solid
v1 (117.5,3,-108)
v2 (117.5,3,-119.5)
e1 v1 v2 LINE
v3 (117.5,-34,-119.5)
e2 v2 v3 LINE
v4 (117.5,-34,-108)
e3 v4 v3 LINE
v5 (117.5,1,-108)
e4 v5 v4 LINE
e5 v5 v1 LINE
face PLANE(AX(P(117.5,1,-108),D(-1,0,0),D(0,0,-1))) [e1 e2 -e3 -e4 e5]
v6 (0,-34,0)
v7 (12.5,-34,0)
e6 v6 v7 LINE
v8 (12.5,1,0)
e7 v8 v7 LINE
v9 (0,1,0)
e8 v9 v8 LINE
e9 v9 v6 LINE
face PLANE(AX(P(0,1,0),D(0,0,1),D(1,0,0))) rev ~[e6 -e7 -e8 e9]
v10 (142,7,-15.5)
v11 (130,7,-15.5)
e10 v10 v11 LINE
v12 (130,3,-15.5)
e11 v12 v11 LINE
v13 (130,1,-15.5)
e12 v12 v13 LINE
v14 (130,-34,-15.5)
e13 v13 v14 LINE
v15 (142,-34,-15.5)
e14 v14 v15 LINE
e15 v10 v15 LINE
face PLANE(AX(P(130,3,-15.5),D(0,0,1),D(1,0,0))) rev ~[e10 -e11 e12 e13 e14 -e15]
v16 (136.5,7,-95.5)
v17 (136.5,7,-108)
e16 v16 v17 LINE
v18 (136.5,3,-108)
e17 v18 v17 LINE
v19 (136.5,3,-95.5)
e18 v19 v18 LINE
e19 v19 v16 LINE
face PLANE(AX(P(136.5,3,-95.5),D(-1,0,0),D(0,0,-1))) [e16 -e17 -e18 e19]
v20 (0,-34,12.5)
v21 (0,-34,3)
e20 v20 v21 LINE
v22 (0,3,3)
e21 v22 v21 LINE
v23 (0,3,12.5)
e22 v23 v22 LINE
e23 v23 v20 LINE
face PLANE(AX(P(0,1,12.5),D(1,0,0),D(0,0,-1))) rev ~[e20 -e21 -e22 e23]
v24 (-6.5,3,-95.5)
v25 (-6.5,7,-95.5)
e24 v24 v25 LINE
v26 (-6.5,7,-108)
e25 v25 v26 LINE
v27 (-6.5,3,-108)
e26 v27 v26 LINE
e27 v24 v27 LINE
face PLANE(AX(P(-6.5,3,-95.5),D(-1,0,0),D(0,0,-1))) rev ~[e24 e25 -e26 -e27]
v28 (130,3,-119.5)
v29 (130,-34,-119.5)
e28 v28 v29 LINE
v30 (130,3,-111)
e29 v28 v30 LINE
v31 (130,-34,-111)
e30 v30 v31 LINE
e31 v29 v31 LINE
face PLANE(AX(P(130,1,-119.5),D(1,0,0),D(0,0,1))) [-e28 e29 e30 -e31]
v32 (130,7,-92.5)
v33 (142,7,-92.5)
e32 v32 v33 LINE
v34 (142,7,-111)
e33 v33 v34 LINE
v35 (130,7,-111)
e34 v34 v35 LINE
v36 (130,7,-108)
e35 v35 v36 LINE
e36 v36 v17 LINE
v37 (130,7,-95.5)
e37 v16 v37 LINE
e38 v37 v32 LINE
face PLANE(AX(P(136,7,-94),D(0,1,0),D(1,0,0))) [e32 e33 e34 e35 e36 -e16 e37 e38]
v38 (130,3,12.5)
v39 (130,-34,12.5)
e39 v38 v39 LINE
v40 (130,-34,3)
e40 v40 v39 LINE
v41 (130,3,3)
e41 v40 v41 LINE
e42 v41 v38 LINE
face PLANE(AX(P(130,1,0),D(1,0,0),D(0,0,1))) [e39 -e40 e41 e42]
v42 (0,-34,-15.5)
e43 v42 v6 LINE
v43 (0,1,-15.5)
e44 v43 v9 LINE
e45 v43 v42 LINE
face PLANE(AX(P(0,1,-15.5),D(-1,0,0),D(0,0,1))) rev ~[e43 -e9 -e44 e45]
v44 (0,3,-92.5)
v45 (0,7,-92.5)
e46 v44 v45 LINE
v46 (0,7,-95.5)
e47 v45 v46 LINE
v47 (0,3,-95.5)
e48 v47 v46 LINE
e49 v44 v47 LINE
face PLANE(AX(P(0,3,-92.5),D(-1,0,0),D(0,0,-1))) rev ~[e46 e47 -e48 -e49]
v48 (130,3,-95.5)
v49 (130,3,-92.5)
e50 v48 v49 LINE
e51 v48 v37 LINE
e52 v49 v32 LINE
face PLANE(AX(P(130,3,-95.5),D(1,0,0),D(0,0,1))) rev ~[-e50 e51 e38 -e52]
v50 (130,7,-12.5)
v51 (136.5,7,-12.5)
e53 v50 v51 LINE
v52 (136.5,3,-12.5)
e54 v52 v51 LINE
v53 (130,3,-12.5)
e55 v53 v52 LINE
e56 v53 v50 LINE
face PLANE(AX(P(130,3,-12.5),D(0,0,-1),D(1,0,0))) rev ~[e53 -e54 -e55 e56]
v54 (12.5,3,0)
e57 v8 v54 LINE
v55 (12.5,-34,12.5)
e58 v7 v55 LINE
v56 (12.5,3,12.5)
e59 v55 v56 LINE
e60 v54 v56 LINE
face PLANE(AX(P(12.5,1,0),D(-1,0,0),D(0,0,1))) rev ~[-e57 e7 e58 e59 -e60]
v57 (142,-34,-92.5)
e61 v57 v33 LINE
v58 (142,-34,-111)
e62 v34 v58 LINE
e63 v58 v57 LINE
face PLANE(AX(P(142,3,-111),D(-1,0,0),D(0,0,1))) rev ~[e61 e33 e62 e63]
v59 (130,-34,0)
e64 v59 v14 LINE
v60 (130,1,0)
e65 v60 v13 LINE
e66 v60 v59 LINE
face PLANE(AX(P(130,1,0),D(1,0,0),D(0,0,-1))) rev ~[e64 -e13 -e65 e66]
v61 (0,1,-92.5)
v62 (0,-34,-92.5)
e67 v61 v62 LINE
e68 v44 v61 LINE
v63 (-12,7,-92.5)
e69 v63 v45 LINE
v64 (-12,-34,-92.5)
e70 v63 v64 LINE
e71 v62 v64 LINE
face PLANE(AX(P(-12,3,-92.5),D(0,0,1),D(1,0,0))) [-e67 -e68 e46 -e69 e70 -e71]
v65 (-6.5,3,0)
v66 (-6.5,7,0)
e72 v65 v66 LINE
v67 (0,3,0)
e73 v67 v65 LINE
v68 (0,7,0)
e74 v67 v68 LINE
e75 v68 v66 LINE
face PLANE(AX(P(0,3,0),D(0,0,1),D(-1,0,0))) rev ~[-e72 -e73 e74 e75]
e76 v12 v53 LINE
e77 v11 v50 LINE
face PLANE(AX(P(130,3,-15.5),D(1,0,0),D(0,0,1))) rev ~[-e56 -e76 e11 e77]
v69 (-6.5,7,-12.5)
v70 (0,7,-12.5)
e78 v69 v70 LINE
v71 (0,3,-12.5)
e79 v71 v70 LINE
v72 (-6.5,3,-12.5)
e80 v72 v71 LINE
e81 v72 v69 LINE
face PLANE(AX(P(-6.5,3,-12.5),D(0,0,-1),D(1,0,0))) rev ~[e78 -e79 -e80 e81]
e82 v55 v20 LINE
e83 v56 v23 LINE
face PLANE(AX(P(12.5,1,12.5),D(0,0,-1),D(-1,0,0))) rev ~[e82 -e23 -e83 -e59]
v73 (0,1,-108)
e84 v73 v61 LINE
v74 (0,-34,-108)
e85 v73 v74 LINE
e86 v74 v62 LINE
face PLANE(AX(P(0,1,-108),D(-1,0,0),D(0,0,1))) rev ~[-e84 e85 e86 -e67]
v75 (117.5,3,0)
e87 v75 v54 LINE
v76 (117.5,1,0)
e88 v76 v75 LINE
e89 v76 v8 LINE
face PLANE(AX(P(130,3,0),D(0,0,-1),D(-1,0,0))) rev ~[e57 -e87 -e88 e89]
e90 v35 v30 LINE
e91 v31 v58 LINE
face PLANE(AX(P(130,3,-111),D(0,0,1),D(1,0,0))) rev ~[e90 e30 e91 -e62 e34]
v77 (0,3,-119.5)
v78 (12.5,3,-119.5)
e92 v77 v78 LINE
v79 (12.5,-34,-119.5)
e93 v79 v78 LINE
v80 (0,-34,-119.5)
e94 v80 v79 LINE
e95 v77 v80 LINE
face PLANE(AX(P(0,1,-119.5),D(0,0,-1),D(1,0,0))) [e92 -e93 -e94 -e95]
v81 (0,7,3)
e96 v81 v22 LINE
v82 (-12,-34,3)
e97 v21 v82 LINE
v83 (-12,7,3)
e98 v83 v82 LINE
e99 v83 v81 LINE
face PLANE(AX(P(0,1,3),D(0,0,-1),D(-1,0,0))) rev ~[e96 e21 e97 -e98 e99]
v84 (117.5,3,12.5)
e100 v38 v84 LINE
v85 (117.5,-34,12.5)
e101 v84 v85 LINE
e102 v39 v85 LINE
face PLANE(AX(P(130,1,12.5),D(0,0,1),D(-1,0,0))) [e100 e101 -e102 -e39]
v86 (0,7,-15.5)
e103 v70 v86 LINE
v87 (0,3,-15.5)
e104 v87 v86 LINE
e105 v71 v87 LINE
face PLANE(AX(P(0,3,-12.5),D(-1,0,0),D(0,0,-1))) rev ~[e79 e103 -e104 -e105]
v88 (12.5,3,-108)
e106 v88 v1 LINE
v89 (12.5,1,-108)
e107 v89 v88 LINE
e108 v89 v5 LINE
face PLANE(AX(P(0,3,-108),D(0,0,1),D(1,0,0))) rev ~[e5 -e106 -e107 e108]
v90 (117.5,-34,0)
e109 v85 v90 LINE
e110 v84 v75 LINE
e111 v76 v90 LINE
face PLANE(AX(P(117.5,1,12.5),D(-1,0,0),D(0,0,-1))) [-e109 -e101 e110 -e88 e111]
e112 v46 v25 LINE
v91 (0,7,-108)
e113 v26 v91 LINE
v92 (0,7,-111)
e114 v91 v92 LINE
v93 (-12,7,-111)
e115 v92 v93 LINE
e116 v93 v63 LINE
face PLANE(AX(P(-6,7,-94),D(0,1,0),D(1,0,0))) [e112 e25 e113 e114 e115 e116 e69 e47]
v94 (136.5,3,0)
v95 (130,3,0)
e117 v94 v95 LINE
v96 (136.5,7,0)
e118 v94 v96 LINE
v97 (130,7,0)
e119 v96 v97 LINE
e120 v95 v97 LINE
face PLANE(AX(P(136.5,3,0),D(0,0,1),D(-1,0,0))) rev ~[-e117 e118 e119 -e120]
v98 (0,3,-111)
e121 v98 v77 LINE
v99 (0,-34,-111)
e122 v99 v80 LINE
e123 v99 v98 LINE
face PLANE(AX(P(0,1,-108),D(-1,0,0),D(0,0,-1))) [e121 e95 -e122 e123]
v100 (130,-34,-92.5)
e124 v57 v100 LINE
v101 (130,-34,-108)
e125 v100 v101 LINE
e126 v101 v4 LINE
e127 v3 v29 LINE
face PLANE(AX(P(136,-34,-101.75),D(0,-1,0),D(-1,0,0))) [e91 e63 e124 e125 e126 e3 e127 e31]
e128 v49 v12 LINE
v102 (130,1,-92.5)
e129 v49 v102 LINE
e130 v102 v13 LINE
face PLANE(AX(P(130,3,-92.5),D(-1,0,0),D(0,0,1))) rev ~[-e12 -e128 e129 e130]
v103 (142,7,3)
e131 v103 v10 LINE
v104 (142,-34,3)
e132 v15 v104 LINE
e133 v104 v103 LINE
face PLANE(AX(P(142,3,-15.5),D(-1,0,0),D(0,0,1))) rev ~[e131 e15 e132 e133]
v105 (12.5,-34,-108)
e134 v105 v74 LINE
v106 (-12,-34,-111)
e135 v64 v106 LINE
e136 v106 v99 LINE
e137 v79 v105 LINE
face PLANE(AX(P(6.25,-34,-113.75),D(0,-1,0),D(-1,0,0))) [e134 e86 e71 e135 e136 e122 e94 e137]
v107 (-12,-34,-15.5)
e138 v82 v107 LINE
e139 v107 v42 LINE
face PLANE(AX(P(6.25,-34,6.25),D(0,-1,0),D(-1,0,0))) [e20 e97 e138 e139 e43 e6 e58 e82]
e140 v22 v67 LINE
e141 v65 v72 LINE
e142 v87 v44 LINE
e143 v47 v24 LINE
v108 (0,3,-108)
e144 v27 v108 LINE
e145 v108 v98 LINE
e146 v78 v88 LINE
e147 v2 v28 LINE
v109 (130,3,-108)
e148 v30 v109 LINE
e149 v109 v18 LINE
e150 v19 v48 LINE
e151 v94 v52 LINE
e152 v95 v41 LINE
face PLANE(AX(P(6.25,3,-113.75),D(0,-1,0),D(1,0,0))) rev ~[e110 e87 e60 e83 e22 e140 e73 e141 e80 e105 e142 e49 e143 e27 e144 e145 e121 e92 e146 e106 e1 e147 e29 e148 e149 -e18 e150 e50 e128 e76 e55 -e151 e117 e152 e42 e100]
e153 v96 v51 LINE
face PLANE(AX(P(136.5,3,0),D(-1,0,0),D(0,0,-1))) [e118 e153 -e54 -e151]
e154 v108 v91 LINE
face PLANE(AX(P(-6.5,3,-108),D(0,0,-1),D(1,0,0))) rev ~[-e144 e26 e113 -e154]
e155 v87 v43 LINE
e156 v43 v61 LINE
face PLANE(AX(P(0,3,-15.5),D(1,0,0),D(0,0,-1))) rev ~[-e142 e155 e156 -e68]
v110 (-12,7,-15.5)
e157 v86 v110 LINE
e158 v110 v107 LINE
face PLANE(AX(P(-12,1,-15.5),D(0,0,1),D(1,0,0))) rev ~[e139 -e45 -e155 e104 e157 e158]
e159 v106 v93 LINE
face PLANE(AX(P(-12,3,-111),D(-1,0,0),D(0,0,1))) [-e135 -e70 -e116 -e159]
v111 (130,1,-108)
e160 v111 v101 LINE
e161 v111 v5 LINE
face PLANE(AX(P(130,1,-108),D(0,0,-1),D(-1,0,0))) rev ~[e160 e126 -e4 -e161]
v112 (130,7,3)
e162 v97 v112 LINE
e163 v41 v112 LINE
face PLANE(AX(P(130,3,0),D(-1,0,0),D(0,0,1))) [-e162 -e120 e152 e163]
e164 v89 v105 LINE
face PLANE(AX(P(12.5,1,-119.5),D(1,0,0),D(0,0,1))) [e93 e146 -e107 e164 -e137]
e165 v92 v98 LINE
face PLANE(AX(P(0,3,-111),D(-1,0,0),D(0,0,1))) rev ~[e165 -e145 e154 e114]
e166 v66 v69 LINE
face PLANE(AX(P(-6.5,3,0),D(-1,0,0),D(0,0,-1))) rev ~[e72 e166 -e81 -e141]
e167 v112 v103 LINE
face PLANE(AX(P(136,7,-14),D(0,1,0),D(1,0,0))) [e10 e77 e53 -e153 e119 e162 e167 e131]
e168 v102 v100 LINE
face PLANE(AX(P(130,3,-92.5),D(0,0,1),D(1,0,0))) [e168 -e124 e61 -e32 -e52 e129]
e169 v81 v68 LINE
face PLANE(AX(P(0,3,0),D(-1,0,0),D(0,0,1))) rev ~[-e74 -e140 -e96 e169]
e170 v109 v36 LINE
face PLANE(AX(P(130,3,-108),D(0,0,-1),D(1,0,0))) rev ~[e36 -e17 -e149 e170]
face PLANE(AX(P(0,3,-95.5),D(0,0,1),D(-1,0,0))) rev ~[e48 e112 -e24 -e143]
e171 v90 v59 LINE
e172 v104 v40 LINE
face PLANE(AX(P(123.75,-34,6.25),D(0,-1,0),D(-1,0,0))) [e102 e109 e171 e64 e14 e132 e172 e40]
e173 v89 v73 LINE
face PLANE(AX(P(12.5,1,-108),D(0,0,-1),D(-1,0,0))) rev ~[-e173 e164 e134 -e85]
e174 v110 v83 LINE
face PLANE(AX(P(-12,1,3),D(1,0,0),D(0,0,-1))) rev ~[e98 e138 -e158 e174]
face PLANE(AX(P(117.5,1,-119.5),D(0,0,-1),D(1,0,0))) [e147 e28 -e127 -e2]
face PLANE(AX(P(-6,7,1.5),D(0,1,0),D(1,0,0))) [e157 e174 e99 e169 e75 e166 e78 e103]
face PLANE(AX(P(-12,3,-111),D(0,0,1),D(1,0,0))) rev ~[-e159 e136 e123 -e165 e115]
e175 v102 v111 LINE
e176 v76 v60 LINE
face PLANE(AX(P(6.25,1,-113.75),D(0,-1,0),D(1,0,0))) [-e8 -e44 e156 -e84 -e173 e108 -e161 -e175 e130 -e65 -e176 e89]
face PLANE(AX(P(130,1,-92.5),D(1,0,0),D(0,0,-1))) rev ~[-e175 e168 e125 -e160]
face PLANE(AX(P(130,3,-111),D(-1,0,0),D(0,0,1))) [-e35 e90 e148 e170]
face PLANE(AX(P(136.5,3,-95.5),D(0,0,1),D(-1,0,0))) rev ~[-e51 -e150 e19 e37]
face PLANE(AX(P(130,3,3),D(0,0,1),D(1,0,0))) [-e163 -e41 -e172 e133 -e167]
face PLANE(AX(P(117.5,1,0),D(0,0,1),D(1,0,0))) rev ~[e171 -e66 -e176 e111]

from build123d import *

# Parameters (mm, degrees)
SKETCH9_W           = 5.5
SKETCH9_H           = 12.5
BOSS_EXTRUDE1_DEPTH = 4
SKETCH11_W          = 6.5
SKETCH11_H          = 12.5
SKETCH11_W_2        = 12
SKETCH11_H_2        = 18.5
BOSS_EXTRUDE2_DEPTH = 2
BOSS_EXTRUDE3_DEPTH = 2
BOSS_EXTRUDE4_DEPTH = 35


with BuildPart() as part:
    # Sketch9 → Boss-Extrude1 (new body)
    with BuildSketch(Plane(origin=(0, 3, 0), x_dir=(1, 0, 0), z_dir=(0, 1, 0))):
        Polygon((0, -3), (0, 0), (-6.5, 0), (-12, 0), (-12, -3), align=None)
        with Locations((-9.25, 6.25)):
            Rectangle(SKETCH9_W, SKETCH9_H)
        Polygon((-6.5, 12.5), (0, 12.5), (0, 15.5), (-12, 15.5), (-12, 12.5), align=None)
        Polygon((130, 15.5), (130, 12.5), (136.5, 12.5), (142, 12.5), (142, 15.5), align=None)
        with Locations((139.25, 6.25)):
            Rectangle(SKETCH9_W, SKETCH9_H)
        Polygon((136.5, 0), (130, 0), (130, -3), (142, -3), (142, 0), align=None)
        Polygon((136.5, 95.5), (130, 95.5), (130, 92.5), (142, 92.5), (142, 95.5), align=None)
        with Locations((139.25, 101.75)):
            Rectangle(SKETCH9_W, SKETCH9_H)
        Polygon((130, 111), (130, 108), (136.5, 108), (142, 108), (142, 111), align=None)
        Polygon((0, 92.5), (0, 95.5), (-6.5, 95.5), (-12, 95.5), (-12, 92.5), align=None)
        with Locations((-9.25, 101.75)):
            Rectangle(SKETCH9_W, SKETCH9_H)
        Polygon((-6.5, 108), (0, 108), (0, 111), (-12, 111), (-12, 108), align=None)
    extrude(amount=BOSS_EXTRUDE1_DEPTH)

    # Sketch11 → Boss-Extrude2 (add)
    with BuildSketch(Plane.XZ.offset(-3)):
        Polygon((130, 0), (0, 0), (0, -12.5), (0, -15.5), (0, -92.5), (0, -108), (130, -108), (130, -92.5), (130, -15.5), align=None)
        with Locations((-3.25, -6.25)):
            Rectangle(SKETCH11_W, SKETCH11_H)
        Polygon((-6.5, -12.5), (-6.5, 0), (0, 0), (0, 3), (-12, 3), (-12, -15.5), (0, -15.5), (0, -12.5), align=None)
        with Locations((136, -6.25)):
            Rectangle(SKETCH11_W_2, SKETCH11_H_2)
        with Locations((136, -101.75)):
            Rectangle(SKETCH11_W_2, SKETCH11_H_2)
        with Locations((-6, -101.75)):
            Rectangle(SKETCH11_W_2, SKETCH11_H_2)
    extrude(amount=BOSS_EXTRUDE2_DEPTH)

    # Sketch12 → Boss-Extrude3 (add)
    with BuildSketch(Plane.XZ.offset(-1)):
        Polygon((12.5, -119.5), (12.5, -108), (0, -108), (0, -111), (0, -119.5), align=None)
        Polygon((0, 0), (12.5, 0), (12.5, 12.5), (0, 12.5), (0, 3), align=None)
        Polygon((117.5, 0), (130, 0), (130, 3), (130, 12.5), (117.5, 12.5), align=None)
        Polygon((130, -111), (130, -108), (117.5, -108), (117.5, -119.5), (130, -119.5), align=None)
    extrude(amount=-BOSS_EXTRUDE3_DEPTH)

    # Sketch13 → Boss-Extrude4 (add)
    with BuildSketch(Plane(origin=(0, 1, 0), x_dir=(-1, 0, 0), z_dir=(0, -1, 0))):
        Polygon((-12.5, -12.5), (0, -12.5), (0, -3), (0, 0), (-12.5, 0), align=None)
        Polygon((0, 0), (0, -3), (12, -3), (12, 15.5), (0, 15.5), align=None)
        Polygon((-117.5, -12.5), (-117.5, 0), (-130, 0), (-130, -3), (-130, -12.5), align=None)
        Polygon((-130, -3), (-130, 0), (-130, 15.5), (-142, 15.5), (-142, -3), align=None)
        Polygon((-142, 92.5), (-130, 92.5), (-130, 108), (-130, 111), (-142, 111), align=None)
        Polygon((-130, 111), (-130, 108), (-117.5, 108), (-117.5, 119.5), (-130, 119.5), align=None)
        Polygon((-12.5, 108), (0, 108), (0, 111), (0, 119.5), (-12.5, 119.5), align=None)
        Polygon((0, 108), (0, 92.5), (12, 92.5), (12, 111), (0, 111), align=None)
    extrude(amount=BOSS_EXTRUDE4_DEPTH)


solid = part.part
